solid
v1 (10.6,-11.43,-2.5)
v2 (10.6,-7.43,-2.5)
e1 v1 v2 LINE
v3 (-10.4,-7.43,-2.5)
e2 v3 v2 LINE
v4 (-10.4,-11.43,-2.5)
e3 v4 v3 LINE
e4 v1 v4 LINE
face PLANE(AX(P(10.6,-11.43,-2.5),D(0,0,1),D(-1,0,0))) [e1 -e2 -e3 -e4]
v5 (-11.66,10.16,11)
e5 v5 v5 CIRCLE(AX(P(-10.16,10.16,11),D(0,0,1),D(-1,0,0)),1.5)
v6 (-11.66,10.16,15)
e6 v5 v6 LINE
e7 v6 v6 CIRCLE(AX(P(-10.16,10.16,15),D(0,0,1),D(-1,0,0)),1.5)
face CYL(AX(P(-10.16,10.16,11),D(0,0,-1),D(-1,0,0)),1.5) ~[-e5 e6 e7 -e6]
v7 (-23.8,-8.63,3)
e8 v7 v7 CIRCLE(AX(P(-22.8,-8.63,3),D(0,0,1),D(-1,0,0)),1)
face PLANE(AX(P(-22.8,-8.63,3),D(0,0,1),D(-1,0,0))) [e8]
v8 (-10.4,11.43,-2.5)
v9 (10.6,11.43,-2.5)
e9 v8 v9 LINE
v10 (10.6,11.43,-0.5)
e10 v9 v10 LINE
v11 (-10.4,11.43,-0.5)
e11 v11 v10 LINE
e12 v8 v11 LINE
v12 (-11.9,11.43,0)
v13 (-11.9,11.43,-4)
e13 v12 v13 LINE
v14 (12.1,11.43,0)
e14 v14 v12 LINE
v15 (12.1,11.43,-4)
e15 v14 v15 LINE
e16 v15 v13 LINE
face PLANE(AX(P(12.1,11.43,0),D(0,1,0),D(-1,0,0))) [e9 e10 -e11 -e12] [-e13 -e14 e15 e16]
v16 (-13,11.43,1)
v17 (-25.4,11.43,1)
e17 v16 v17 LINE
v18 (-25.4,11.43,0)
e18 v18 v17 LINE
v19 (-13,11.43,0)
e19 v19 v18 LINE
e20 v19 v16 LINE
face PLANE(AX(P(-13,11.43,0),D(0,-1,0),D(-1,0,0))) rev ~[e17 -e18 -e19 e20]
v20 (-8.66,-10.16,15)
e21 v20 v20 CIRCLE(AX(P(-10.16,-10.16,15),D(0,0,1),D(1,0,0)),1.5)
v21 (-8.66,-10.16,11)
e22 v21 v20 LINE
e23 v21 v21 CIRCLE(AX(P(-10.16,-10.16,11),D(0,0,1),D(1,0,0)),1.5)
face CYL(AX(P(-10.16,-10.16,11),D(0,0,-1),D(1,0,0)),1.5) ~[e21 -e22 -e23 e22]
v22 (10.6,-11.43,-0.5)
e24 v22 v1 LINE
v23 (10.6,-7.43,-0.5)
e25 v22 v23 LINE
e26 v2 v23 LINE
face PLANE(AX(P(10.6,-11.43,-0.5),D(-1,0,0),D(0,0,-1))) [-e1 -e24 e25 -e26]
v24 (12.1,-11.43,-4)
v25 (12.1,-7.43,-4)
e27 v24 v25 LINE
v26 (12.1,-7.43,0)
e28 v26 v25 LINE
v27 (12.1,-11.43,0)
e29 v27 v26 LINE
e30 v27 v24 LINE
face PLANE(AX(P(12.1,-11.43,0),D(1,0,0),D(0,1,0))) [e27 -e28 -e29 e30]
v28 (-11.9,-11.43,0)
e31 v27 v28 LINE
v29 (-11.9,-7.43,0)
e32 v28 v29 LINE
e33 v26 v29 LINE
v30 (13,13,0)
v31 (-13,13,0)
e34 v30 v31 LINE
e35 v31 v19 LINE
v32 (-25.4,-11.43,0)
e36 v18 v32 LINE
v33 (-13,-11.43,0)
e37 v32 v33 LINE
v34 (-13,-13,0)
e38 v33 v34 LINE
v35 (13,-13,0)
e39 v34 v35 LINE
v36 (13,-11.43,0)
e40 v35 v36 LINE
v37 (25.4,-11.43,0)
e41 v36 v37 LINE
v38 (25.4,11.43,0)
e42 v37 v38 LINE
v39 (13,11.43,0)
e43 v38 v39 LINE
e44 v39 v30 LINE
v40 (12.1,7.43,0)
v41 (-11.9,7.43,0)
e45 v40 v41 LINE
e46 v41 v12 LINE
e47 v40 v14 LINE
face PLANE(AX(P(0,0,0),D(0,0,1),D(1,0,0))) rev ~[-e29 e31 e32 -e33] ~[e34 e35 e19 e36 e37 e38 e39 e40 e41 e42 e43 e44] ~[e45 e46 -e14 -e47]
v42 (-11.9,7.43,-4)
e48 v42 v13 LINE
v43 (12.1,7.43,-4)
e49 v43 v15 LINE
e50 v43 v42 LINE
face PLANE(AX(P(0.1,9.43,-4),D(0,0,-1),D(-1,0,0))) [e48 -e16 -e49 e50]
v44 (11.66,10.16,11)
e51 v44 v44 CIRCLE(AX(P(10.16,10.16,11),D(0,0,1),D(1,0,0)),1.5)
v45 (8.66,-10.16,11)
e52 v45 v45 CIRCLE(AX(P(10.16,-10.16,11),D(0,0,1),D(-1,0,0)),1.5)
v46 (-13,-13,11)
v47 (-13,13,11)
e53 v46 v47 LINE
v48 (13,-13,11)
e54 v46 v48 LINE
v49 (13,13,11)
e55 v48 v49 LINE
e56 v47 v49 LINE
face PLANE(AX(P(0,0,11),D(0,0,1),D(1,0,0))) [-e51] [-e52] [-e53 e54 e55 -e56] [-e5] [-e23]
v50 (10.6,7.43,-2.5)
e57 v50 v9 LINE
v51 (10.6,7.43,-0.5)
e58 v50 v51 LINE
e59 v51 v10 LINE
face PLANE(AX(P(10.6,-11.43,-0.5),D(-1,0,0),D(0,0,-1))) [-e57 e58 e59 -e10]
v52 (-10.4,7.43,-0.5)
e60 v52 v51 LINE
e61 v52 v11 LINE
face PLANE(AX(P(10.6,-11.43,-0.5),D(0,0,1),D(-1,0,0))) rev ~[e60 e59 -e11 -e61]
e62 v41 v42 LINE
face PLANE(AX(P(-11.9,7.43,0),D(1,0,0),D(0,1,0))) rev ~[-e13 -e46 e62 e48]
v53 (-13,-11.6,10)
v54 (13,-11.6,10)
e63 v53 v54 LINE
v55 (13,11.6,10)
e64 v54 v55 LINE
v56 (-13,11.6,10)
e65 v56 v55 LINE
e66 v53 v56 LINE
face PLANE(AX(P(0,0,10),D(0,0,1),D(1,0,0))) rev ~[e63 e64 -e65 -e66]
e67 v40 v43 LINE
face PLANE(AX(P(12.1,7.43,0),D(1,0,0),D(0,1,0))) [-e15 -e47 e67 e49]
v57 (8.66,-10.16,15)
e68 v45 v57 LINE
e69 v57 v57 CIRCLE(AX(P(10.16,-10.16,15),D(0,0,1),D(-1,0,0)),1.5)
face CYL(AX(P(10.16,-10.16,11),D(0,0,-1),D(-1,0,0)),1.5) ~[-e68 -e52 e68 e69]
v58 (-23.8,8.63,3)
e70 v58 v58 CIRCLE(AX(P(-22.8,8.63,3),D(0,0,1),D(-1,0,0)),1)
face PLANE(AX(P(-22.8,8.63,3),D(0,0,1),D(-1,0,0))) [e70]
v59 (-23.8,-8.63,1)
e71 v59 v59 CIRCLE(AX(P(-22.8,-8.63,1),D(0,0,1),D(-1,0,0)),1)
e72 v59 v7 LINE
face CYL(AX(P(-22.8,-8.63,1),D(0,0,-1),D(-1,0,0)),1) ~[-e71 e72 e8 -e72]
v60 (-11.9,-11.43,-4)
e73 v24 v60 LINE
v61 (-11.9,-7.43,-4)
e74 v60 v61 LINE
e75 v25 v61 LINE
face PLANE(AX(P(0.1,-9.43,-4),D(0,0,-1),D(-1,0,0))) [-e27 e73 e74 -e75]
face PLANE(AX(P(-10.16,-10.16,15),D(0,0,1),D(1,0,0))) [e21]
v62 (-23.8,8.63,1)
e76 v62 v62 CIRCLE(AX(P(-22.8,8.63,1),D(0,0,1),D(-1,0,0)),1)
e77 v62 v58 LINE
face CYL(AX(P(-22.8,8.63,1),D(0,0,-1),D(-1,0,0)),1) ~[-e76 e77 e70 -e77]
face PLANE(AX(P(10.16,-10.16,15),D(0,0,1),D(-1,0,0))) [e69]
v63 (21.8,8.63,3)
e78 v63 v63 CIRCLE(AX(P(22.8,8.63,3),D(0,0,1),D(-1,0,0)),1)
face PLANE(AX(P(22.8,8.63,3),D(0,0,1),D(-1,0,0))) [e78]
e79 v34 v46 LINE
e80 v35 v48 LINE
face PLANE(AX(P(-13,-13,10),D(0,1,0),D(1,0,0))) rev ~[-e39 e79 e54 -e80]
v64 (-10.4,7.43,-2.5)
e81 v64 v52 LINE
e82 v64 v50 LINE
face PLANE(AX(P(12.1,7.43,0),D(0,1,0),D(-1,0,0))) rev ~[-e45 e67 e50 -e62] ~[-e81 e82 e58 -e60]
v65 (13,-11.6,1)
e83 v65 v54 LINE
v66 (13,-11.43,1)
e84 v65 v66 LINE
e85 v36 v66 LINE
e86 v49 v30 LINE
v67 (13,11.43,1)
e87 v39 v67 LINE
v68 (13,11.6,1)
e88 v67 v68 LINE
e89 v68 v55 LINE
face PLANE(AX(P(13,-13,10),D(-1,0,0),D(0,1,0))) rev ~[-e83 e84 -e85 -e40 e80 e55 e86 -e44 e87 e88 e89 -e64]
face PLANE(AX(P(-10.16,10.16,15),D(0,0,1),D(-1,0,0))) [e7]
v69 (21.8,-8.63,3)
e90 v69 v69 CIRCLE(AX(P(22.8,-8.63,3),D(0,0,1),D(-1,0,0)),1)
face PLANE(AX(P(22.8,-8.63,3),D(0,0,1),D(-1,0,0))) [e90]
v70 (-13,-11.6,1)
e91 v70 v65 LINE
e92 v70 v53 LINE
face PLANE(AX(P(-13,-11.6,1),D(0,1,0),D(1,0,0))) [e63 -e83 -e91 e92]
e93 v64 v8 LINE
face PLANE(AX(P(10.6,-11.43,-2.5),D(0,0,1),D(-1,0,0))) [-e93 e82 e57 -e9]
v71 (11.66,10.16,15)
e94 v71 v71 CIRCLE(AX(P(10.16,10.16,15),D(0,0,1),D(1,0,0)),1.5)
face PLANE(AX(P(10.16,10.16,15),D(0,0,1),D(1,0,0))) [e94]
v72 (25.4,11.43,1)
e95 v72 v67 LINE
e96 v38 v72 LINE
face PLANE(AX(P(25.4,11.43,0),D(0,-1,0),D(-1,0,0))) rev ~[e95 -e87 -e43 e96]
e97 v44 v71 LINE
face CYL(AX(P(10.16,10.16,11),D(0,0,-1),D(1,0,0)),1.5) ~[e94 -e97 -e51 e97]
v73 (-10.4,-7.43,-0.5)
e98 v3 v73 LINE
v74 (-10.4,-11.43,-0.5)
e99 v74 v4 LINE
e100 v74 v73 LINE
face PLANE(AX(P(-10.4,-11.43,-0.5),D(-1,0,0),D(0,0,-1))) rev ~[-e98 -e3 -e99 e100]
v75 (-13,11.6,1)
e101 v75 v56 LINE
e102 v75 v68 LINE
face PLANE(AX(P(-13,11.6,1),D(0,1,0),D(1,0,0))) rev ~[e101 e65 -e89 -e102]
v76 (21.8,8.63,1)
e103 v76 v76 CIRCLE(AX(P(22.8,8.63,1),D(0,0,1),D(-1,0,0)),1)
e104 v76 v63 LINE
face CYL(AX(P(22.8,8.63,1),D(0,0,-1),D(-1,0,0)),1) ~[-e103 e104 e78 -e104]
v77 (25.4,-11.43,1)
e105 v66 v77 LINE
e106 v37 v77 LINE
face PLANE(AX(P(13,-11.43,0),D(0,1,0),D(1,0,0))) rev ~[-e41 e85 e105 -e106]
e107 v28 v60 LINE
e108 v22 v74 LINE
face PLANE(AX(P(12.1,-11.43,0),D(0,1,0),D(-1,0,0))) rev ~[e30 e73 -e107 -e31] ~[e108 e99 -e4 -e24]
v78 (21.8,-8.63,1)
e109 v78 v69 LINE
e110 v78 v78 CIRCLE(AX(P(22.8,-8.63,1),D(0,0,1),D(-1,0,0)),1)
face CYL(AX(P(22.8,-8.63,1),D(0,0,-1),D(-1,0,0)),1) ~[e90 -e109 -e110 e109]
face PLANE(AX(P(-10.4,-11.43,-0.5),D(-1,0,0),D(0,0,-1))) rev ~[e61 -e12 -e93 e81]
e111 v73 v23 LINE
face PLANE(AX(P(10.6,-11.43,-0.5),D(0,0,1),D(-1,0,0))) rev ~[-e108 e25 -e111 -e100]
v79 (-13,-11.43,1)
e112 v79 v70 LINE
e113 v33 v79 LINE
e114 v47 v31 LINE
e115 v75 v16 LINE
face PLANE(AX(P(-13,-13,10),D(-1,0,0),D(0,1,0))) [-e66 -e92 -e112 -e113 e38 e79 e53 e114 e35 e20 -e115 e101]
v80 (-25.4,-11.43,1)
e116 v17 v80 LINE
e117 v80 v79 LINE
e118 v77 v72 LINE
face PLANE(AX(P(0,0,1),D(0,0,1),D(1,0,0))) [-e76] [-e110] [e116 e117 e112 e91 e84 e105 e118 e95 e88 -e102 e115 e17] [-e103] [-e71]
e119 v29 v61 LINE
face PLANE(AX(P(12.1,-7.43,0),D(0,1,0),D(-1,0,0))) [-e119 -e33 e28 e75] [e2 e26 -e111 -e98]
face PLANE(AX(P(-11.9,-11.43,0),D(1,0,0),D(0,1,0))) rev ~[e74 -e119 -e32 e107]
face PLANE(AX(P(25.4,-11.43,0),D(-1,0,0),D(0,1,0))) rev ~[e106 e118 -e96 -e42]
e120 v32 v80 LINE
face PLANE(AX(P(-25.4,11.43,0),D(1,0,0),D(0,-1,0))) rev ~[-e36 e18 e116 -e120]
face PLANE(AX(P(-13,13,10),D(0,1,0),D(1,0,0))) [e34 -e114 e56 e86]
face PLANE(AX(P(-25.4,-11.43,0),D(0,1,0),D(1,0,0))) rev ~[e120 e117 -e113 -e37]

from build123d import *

# Parameters (mm, degrees)
EXTRUDE_1_DEPTH     = 1
SKETCH_3_R          = 1
EXTRUDE_2_DEPTH     = 2
SKETCH_9_W          = 26
SKETCH_9_H          = 1.4
EXTRUDE_4_DEPTH     = 9
SKETCH_10_W         = 26
SKETCH_10_H         = 26
EXTRUDE_5_DEPTH     = 1
SKETCH_11_R         = 1.5
EXTRUDE_6_DEPTH     = 4
SKETCH_6_W          = 24
SKETCH_6_H          = 4
EXTRUDE_7_DEPTH     = 4
SKETCH_12_W         = 21
SKETCH_12_H         = 2
CUT_EXTRUDE_3_DEPTH = 25


with BuildPart() as part:
    # 草图1 → 凸台-拉伸1 (new body)
    with BuildSketch(Plane.XY):
        Polygon((-13, -11.43), (-13, -13), (13, -13), (13, -11.43), (25.4, -11.43), (25.4, 11.43), (13, 11.43), (13, 13), (-13, 13), (-13, 11.43), (-25.4, 11.43), (-25.4, -11.43), align=None)
    extrude(amount=EXTRUDE_1_DEPTH)

    # 草图3 → 凸台-拉伸2 (add)
    with BuildSketch(Plane.XY.offset(1)):
        with Locations(Location((-22.8, -8.63, 0), (0, 0, 180))):
            Circle(SKETCH_3_R)
        with Locations(Location((-22.8, 8.63, 0), (0, 0, 180))):
            Circle(SKETCH_3_R)
        with Locations(Location((22.8, -8.63, 0), (0, 0, 180))):
            Circle(SKETCH_3_R)
        with Locations(Location((22.8, 8.63, 0), (0, 0, 180))):
            Circle(SKETCH_3_R)
    extrude(amount=EXTRUDE_2_DEPTH)

    # 草图9 → 凸台-拉伸4 (add)
    with BuildSketch(Plane.XY.offset(1)):
        with Locations((0, 12.3)):
            Rectangle(SKETCH_9_W, SKETCH_9_H)
        with Locations((0, -12.3)):
            Rectangle(SKETCH_9_W, SKETCH_9_H)
    extrude(amount=EXTRUDE_4_DEPTH)

    # 草图10 → 凸台-拉伸5 (add)
    with BuildSketch(Plane.XY.offset(10)):
        Rectangle(SKETCH_10_W, SKETCH_10_H)
    extrude(amount=EXTRUDE_5_DEPTH)

    # 草图11 → 凸台-拉伸6 (add)
    with BuildSketch(Plane.XY.offset(11)):
        with Locations((-10.16, -10.16)):
            Circle(SKETCH_11_R)
        with Locations(Location((10.16, -10.16, 0), (0, 0, 180))):
            Circle(SKETCH_11_R)
        with Locations((10.16, 10.16)):
            Circle(SKETCH_11_R)
        with Locations(Location((-10.16, 10.16, 0), (0, 0, 180))):
            Circle(SKETCH_11_R)
    extrude(amount=EXTRUDE_6_DEPTH)

    # 草图6 → 凸台-拉伸7 (add)
    with BuildSketch(Plane(origin=(0, 0, 0), x_dir=(-1, 0, 0), z_dir=(0, 0, -1))):
        with Locations((-0.1, 9.43)):
            Rectangle(SKETCH_6_W, SKETCH_6_H)
        with Locations((-0.1, -9.43)):
            Rectangle(SKETCH_6_W, SKETCH_6_H)
    extrude(amount=EXTRUDE_7_DEPTH)

    # 草图12 → 切除-拉伸3 (cut)
    with BuildSketch(Plane(origin=(0, -11.43, 0), x_dir=(-1, 0, 0), z_dir=(0, -1, 0))):
        with Locations((-0.1, 1.5)):
            Rectangle(SKETCH_12_W, SKETCH_12_H)
    extrude(amount=-CUT_EXTRUDE_3_DEPTH, mode=Mode.SUBTRACT)


solid = part.part
